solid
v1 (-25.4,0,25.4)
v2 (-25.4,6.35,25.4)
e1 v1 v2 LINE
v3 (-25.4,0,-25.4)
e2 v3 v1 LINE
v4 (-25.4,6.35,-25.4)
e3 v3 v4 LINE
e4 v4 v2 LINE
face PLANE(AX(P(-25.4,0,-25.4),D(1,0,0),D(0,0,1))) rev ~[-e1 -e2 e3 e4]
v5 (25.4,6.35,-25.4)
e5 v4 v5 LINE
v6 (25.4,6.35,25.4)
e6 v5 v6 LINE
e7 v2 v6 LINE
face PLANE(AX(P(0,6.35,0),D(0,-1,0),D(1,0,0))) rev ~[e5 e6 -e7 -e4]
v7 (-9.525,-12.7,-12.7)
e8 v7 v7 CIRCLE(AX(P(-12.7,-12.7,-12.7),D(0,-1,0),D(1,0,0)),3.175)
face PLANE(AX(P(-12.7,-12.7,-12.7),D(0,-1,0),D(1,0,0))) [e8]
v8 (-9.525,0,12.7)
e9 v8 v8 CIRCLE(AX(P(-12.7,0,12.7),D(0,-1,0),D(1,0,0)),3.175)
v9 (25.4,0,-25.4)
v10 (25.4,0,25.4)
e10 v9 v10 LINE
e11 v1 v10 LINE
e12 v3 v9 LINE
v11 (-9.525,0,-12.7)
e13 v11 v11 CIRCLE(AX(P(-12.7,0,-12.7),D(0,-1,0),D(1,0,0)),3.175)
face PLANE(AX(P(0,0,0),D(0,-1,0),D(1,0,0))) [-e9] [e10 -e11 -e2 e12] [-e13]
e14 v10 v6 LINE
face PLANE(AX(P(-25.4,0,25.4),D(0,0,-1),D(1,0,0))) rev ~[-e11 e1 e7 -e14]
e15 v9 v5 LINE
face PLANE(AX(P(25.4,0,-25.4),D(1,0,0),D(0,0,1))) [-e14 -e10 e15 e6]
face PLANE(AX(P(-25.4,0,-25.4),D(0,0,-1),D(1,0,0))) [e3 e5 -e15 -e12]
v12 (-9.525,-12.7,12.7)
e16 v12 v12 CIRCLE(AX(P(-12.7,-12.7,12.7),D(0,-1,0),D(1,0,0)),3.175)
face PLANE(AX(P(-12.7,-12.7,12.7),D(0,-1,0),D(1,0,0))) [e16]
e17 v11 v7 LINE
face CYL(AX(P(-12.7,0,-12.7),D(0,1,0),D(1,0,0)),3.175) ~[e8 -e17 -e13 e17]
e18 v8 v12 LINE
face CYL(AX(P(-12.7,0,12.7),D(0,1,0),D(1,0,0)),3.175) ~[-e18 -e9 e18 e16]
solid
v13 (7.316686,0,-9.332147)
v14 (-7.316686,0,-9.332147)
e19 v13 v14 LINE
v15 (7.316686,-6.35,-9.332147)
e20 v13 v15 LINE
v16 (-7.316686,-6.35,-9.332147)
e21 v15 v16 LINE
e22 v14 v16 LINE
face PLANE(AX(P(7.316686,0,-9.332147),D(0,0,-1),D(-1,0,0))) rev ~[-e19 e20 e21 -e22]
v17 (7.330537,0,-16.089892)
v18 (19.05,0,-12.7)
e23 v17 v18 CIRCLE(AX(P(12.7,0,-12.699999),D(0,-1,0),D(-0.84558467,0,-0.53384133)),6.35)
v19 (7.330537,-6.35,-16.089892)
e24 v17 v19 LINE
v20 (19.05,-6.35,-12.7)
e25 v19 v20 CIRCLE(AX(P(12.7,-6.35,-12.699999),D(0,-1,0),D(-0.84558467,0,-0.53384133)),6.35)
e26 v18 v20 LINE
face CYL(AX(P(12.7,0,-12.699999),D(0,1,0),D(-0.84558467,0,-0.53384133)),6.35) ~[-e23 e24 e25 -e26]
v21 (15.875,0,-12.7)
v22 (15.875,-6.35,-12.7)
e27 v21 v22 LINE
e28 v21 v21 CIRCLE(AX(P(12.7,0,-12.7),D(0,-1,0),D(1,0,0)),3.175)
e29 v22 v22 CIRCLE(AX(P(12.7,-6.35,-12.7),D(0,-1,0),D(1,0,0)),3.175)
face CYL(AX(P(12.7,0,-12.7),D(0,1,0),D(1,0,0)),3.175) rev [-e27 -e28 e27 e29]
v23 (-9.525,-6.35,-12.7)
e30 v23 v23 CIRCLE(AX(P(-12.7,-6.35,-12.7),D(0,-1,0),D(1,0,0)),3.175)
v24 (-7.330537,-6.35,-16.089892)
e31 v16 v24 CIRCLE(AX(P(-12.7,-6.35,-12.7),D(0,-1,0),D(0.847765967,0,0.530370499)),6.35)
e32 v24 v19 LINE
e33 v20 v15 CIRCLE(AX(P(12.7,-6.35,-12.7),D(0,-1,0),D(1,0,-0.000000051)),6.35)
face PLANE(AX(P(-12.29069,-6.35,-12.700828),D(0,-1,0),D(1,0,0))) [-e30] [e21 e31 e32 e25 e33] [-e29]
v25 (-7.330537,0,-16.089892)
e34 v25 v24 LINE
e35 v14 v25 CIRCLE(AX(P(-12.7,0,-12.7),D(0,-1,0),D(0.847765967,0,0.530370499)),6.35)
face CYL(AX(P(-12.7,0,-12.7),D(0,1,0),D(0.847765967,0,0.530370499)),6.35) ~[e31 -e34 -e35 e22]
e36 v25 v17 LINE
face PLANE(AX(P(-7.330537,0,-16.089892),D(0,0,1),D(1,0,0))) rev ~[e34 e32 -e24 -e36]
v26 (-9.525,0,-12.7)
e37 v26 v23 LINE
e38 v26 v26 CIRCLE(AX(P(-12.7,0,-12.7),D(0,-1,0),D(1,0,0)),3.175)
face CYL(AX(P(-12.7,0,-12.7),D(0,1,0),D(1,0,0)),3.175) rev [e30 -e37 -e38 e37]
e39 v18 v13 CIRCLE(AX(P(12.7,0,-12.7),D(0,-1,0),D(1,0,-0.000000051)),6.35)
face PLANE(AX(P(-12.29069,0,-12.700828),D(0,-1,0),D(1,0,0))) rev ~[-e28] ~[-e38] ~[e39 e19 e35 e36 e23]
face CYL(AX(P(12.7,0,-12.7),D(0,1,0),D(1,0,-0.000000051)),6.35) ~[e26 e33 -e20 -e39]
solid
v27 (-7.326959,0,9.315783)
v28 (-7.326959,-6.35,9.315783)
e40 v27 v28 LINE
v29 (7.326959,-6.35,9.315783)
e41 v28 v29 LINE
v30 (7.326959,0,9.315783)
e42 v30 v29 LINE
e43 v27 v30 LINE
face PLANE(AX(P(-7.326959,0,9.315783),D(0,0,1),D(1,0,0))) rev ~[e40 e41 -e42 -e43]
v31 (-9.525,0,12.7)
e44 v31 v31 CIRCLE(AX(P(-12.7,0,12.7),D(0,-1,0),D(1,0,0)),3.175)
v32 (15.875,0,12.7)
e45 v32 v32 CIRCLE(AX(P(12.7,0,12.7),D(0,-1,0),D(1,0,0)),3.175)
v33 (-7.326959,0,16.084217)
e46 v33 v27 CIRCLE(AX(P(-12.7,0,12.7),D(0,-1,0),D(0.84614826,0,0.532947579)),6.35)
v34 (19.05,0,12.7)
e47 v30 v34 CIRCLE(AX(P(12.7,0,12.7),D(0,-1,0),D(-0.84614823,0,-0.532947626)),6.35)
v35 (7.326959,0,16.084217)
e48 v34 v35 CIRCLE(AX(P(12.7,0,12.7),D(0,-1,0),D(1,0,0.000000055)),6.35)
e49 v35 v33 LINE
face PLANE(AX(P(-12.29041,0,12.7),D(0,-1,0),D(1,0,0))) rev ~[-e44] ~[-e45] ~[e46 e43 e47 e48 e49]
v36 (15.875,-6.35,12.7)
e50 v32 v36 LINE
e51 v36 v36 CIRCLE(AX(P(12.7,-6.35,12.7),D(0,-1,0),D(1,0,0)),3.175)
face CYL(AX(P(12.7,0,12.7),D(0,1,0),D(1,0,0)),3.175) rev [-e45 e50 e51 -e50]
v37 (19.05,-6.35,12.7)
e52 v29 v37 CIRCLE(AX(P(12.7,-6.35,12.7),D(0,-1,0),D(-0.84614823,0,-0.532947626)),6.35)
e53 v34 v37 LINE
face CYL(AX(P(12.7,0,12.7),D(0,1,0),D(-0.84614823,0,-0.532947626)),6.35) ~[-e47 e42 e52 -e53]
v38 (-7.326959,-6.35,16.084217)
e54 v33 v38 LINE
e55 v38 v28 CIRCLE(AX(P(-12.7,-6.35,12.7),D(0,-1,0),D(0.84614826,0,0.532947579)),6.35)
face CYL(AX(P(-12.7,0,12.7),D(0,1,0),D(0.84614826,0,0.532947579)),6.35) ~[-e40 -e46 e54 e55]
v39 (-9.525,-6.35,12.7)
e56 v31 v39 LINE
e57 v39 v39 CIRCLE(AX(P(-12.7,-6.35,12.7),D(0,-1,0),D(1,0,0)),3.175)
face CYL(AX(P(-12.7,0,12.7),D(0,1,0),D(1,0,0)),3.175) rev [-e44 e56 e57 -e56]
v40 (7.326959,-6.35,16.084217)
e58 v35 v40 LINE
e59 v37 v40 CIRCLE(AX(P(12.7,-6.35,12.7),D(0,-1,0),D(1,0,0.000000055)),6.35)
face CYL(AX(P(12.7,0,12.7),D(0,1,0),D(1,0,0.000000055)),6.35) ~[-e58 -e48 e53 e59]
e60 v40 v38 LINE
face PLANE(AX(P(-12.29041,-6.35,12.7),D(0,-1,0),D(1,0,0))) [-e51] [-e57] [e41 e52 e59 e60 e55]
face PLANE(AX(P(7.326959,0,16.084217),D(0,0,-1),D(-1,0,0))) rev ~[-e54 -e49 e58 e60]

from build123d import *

# Parameters (mm, degrees)
F0_W     = 50.8
F0_H     = 50.8
F0_R     = 3.175
F1_DEPTH = 6.35
F2_DEPTH = 12.7
F3_R     = 3.175
F4_DEPTH = 6.35


with BuildPart() as f1:
    # F0 (on Front) → F1 (new body)
    with BuildSketch(Plane.XZ):
        Rectangle(F0_W, F0_H)
        with Locations((-12.7, -12.7)):
            Circle(F0_R, mode=Mode.SUBTRACT)
        with Locations((-12.7, 12.7)):
            Circle(F0_R, mode=Mode.SUBTRACT)
        with Locations((-12.7, 12.7)):
            Circle(F0_R)
        with Locations((-12.7, -12.7)):
            Circle(F0_R)
    extrude(amount=-F1_DEPTH)

    # F0 (on Front) → F2 (join)
    with BuildSketch(Plane.XZ):
        with Locations((-12.7, -12.7)):
            Circle(F0_R)
        with Locations((-12.7, 12.7)):
            Circle(F0_R)
    extrude(amount=F2_DEPTH)


with BuildPart() as f4:
    # F3 (on face) → F4 (new body)
    with BuildSketch(Plane.XZ):
        with BuildLine():
            ThreePointArc((-7.326959, 9.315783), (-6.599127, 10.938795), (-6.35, 12.7))
            ThreePointArc((-6.35, 12.7), (-6.599127, 14.461205), (-7.326959, 16.084217))
            ThreePointArc((-7.326959, 16.084217), (-19.05, 12.7), (-7.326959, 9.315783))
        make_face()
        with Locations((-12.7, 12.7)):
            Circle(F3_R, mode=Mode.SUBTRACT)
        with BuildLine():
            ThreePointArc((-7.326959, 16.084217), (-6.599127, 14.461205), (-6.35, 12.7))
            ThreePointArc((-6.35, 12.7), (-6.599127, 10.938795), (-7.326959, 9.315783))
            Line((-7.326959, 9.315783), (7.326959, 9.315783))
            ThreePointArc((7.326959, 9.315783), (6.35, 12.7), (7.326959, 16.084217))
            Line((7.326959, 16.084217), (-7.326959, 16.084217))
        make_face()
        with BuildLine():
            ThreePointArc((19.05, 12.7), (14.461205, 18.800873), (7.326959, 16.084217))
            ThreePointArc((7.326959, 16.084217), (6.35, 12.7), (7.326959, 9.315783))
            ThreePointArc((7.326959, 9.315783), (14.461205, 6.599127), (19.05, 12.7))
        make_face()
        with Locations((12.7, 12.7)):
            Circle(F3_R, mode=Mode.SUBTRACT)
        with BuildLine():
            ThreePointArc((-7.330537, -16.089892), (-6.600058, -14.464427), (-6.35, -12.7))
            ThreePointArc((-6.35, -12.7), (-6.596454, -10.948078), (-7.316686, -9.332147))
            ThreePointArc((-7.316686, -9.332147), (-19.049987, -12.686985), (-7.330537, -16.089892))
        make_face()
        with Locations((-12.7, -12.7)):
            Circle(F3_R, mode=Mode.SUBTRACT)
        with BuildLine():
            ThreePointArc((-7.316686, -9.332147), (-6.596454, -10.948078), (-6.35, -12.7))
            ThreePointArc((-6.35, -12.7), (-6.600058, -14.464427), (-7.330537, -16.089892))
            Line((-7.330537, -16.089892), (7.330537, -16.089892))
            ThreePointArc((7.330537, -16.089892), (6.350013, -12.713015), (7.316686, -9.332147))
            Line((7.316686, -9.332147), (-7.316686, -9.332147))
        make_face()
        with BuildLine():
            ThreePointArc((19.05, -12.7), (14.451922, -6.596454), (7.316686, -9.332147))
            ThreePointArc((7.316686, -9.332147), (6.350013, -12.713015), (7.330537, -16.089892))
            ThreePointArc((7.330537, -16.089892), (14.464427, -18.799942), (19.05, -12.7))
        make_face()
        with Locations((12.7, -12.7)):
            Circle(F3_R, mode=Mode.SUBTRACT)
    extrude(amount=F4_DEPTH)


solid = Compound([f1.part, f4.part])
